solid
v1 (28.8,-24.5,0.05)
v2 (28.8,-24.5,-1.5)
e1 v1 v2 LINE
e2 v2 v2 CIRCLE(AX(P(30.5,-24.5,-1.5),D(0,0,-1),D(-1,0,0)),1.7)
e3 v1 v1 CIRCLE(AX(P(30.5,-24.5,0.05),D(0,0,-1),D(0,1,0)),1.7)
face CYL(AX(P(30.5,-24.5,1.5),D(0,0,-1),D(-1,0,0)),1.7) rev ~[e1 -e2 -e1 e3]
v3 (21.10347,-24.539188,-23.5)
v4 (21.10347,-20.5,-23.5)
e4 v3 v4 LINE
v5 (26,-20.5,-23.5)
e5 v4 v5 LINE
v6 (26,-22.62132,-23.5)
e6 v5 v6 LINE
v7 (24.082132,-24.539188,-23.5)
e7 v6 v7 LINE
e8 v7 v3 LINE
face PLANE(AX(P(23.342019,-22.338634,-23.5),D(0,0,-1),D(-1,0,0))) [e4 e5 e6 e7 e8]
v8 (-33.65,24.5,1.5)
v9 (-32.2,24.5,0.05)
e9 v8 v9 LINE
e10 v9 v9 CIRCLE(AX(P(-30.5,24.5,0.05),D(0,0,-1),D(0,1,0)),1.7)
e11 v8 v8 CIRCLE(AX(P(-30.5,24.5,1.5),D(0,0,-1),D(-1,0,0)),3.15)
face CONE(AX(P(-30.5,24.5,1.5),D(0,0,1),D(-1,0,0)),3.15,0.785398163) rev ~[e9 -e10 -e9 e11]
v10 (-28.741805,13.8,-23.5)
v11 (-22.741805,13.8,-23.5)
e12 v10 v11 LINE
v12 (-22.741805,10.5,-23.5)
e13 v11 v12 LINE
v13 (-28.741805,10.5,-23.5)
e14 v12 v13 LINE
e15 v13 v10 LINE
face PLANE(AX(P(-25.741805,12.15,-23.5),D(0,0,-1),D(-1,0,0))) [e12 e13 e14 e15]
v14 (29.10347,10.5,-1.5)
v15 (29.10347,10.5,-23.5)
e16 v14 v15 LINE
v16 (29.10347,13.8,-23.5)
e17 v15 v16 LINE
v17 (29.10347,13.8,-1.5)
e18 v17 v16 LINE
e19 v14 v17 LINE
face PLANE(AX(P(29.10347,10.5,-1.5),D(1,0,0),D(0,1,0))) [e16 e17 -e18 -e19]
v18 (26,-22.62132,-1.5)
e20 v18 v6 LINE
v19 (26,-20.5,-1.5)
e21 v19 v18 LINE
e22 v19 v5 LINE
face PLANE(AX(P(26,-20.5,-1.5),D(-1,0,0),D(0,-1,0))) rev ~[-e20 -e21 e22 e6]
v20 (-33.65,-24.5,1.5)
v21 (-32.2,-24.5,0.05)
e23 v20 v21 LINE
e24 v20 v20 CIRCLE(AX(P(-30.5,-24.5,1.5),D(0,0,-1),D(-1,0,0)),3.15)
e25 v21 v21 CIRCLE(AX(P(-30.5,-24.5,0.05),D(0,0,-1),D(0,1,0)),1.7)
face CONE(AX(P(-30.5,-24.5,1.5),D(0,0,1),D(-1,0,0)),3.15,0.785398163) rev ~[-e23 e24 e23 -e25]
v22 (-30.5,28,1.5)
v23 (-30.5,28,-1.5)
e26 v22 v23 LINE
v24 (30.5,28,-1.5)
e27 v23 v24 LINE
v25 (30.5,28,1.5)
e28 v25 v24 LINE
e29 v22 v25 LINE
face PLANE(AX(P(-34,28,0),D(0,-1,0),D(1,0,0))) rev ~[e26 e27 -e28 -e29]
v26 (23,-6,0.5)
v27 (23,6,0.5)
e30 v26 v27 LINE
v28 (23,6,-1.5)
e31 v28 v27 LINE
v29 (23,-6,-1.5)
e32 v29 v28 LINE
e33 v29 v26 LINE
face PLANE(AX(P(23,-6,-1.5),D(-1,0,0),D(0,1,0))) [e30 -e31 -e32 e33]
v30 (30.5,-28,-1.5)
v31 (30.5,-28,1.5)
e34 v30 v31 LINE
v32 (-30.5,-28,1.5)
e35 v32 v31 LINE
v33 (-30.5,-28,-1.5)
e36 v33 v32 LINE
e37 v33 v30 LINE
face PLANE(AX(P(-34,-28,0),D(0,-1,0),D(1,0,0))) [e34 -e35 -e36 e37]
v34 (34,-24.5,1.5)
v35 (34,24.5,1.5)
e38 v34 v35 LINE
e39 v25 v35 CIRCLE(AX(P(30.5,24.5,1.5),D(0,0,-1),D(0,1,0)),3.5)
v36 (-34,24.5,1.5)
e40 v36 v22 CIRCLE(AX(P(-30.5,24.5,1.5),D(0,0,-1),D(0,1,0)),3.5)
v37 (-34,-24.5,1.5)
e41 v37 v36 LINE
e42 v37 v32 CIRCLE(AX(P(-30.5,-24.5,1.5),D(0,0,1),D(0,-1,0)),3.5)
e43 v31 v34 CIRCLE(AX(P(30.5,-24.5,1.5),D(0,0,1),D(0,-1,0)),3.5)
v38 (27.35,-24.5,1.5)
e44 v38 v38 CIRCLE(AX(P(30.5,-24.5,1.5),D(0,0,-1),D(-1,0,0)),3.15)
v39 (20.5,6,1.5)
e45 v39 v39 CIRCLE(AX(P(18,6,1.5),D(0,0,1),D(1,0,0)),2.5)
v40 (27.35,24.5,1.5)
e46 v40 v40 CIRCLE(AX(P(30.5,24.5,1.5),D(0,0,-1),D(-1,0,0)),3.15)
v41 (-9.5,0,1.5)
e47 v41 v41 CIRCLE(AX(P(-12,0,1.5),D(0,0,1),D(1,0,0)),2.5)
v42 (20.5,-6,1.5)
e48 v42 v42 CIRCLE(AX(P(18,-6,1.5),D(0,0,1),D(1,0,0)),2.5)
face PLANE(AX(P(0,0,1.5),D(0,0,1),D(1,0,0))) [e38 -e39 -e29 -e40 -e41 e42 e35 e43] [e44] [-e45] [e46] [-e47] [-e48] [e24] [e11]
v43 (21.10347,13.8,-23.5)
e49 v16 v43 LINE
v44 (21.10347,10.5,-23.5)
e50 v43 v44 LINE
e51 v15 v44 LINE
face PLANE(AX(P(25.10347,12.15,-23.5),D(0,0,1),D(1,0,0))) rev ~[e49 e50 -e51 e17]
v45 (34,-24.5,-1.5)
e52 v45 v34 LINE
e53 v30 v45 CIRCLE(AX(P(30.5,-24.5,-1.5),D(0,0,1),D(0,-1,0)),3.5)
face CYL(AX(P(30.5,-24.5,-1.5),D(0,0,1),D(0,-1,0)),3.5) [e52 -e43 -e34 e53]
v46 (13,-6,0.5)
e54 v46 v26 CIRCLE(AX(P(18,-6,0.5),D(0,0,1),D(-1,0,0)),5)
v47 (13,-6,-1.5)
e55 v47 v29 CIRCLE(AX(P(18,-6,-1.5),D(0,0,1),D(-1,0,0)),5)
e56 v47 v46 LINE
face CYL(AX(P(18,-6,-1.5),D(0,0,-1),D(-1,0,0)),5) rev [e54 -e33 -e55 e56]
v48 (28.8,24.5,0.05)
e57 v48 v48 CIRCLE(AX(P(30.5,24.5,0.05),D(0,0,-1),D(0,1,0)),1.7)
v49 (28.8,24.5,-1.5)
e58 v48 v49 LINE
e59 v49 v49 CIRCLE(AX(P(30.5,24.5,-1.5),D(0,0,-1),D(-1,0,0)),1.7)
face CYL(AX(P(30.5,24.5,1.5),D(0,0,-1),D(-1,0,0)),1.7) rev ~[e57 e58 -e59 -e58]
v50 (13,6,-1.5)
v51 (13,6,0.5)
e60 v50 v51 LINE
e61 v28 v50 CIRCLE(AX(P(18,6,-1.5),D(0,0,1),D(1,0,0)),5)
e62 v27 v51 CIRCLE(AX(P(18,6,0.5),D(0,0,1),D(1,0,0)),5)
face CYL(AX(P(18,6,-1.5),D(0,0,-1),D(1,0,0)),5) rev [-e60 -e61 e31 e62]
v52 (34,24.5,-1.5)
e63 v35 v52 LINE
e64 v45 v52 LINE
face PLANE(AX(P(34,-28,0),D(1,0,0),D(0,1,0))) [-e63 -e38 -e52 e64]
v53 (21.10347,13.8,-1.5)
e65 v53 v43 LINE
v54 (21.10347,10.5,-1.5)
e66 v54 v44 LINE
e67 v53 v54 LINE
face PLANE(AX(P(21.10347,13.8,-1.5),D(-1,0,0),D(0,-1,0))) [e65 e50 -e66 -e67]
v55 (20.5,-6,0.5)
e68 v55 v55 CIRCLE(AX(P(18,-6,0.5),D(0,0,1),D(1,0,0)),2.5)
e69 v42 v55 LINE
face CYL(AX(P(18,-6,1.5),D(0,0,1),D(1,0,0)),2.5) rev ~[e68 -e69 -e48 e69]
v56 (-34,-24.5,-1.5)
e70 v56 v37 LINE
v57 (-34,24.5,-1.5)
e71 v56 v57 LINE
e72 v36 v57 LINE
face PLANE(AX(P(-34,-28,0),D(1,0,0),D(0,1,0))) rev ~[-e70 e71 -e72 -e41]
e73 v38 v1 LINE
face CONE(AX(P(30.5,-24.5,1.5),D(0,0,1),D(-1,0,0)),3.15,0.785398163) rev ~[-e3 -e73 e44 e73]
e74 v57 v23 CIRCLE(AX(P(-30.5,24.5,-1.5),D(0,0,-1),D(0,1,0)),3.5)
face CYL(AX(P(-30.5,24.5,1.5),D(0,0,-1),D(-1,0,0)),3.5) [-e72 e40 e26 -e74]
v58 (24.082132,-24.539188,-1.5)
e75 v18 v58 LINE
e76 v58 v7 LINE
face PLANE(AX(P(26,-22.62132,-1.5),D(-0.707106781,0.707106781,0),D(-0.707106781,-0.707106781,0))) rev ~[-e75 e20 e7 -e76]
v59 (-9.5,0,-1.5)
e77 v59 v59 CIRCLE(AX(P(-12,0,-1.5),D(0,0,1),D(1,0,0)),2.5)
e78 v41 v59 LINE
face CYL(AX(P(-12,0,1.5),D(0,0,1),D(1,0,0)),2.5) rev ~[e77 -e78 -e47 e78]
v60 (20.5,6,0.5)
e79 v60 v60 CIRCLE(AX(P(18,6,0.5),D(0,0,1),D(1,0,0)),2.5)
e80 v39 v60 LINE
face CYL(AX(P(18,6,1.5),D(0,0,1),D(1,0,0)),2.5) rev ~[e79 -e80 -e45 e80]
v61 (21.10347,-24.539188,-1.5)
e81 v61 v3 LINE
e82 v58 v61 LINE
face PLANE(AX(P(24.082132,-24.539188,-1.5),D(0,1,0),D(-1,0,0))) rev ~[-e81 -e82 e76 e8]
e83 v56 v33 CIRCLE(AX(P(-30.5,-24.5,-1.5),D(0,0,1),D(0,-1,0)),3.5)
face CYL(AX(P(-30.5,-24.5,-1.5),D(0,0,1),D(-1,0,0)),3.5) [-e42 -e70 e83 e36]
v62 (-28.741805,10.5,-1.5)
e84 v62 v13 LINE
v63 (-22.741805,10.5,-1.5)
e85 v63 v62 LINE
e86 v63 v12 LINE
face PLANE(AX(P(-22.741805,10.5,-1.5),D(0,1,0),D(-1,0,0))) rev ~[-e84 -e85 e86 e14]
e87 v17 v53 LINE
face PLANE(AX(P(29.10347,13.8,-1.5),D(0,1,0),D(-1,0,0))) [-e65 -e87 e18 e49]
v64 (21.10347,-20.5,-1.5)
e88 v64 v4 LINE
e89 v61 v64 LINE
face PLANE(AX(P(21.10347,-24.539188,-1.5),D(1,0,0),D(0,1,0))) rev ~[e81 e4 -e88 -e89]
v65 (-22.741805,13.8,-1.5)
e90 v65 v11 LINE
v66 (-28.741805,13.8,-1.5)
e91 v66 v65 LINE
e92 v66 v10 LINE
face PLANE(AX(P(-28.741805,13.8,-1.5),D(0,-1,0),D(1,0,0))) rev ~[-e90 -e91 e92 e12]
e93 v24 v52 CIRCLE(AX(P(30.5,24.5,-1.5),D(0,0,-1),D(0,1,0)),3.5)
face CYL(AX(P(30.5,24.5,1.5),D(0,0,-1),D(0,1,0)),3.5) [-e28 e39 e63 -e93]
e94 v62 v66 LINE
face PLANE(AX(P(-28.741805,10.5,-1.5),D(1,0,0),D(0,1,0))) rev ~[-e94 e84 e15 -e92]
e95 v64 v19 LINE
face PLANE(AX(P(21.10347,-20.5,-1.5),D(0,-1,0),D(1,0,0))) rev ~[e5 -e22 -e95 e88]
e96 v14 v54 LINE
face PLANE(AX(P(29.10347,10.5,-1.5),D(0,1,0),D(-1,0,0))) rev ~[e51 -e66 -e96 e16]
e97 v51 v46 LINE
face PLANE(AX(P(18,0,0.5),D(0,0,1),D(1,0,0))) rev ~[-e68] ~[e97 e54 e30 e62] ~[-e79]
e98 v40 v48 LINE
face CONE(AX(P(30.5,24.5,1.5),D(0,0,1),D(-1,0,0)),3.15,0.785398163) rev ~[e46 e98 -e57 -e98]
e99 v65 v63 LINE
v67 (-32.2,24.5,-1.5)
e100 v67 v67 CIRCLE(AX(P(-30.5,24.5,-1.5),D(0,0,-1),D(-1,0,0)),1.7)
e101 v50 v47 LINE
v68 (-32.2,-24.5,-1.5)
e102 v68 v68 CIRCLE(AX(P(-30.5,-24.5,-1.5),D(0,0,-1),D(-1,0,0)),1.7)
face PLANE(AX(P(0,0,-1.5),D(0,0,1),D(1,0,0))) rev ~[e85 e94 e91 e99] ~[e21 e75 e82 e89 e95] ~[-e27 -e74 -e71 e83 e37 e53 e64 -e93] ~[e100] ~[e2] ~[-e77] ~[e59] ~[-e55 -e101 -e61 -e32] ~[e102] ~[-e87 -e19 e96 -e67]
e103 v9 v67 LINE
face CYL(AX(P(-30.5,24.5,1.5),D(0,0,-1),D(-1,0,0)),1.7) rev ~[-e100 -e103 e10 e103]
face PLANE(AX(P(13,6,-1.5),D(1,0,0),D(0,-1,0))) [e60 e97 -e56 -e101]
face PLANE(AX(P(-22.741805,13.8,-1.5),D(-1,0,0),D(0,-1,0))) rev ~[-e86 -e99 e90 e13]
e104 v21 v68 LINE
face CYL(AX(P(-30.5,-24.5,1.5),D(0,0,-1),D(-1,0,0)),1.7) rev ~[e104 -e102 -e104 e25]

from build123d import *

# Parameters (mm, degrees)
ESQUISSE1_W                                    = 68
ESQUISSE1_H                                    = 56
BOSS_EXTRU_1_DEPTH                             = 1.5
ENL_V_MAT_EXTRU_1_REACH                        = 68.114
ESQUISSE2_R                                    = 2.5
CONG_1_R                                       = 3.5
FRAISAGE_POUR_VIS_T_TE_FRAIS_E_M31_D           = 3.4
FRAISAGE_POUR_VIS_T_TE_FRAIS_E_M31_DEPTH       = 21.67
FRAISAGE_POUR_VIS_T_TE_FRAIS_E_M31_CSINK_D     = 6.3
FRAISAGE_POUR_VIS_T_TE_FRAIS_E_M31_CSINK_ANGLE = 90
FRAISAGE_POUR_VIS_T_TE_FRAIS_E_M31_TIP         = 1.021463052
BOSS_EXTRU_2_DEPTH                             = 22
ENL_V_MAT_EXTRU_2_DEPTH                        = 2


with BuildPart() as part:
    # Esquisse1 → Boss.-Extru.1 (new, symmetric)
    with BuildSketch(Plane.XY):
        Rectangle(ESQUISSE1_W, ESQUISSE1_H)
    extrude(amount=BOSS_EXTRU_1_DEPTH, both=True)

    # Esquisse2 → Enlèv. mat.-Extru.1 (cut, up to next)
    with BuildSketch(Plane(origin=(-25.81698593, 0, 1.5), x_dir=(1, 0, 0), z_dir=(0, 0, 1)), mode=Mode.PRIVATE) as enl_v_mat_extru_1_sk1:
        with Locations((13.81698593, 0)):
            Circle(ESQUISSE2_R)
    enl_v_mat_extru_1_tool1 = extrude(enl_v_mat_extru_1_sk1.sketch, amount=-ENL_V_MAT_EXTRU_1_REACH, mode=Mode.PRIVATE) & part.part
    # Esquisse2 → Enlèv. mat.-Extru.1 (cut, up to next)
    with BuildSketch(Plane(origin=(-25.81698593, 0, 1.5), x_dir=(1, 0, 0), z_dir=(0, 0, 1)), mode=Mode.PRIVATE) as enl_v_mat_extru_1_sk2:
        with Locations((43.81698593, 6)):
            Circle(ESQUISSE2_R)
    enl_v_mat_extru_1_tool2 = extrude(enl_v_mat_extru_1_sk2.sketch, amount=-ENL_V_MAT_EXTRU_1_REACH, mode=Mode.PRIVATE) & part.part
    # Esquisse2 → Enlèv. mat.-Extru.1 (cut, up to next)
    with BuildSketch(Plane(origin=(-25.81698593, 0, 1.5), x_dir=(1, 0, 0), z_dir=(0, 0, 1)), mode=Mode.PRIVATE) as enl_v_mat_extru_1_sk3:
        with Locations((43.81698593, -6)):
            Circle(ESQUISSE2_R)
    enl_v_mat_extru_1_tool3 = extrude(enl_v_mat_extru_1_sk3.sketch, amount=-ENL_V_MAT_EXTRU_1_REACH, mode=Mode.PRIVATE) & part.part
    add(enl_v_mat_extru_1_tool1.solids().sort_by_distance((-12, 0, 1.5))[0], mode=Mode.SUBTRACT)
    add(enl_v_mat_extru_1_tool2.solids().sort_by_distance((18, 6, 1.5))[0], mode=Mode.SUBTRACT)
    add(enl_v_mat_extru_1_tool3.solids().sort_by_distance((18, -6, 1.5))[0], mode=Mode.SUBTRACT)

    # Congé1
    cong_1_edges = [part.edges().sort_by_distance(p)[0] for p in [
        (34, -28, 0),
        (-34, -28, 0),
        (-34, 28, 0),
        (34, 28, 0),
    ]]
    fillet(cong_1_edges, radius=CONG_1_R)

    # Fraisage pour vis à tête fraisée M31
    with Locations(Plane.XY.offset(1.5)):
        with Locations((-30.5, -24.5), (-30.5, 24.5), (30.5, 24.5), (30.5, -24.5)):
            CounterSinkHole(FRAISAGE_POUR_VIS_T_TE_FRAIS_E_M31_D / 2, FRAISAGE_POUR_VIS_T_TE_FRAIS_E_M31_CSINK_D / 2, depth=FRAISAGE_POUR_VIS_T_TE_FRAIS_E_M31_DEPTH, counter_sink_angle=FRAISAGE_POUR_VIS_T_TE_FRAIS_E_M31_CSINK_ANGLE)
            with Locations((0, 0, -(FRAISAGE_POUR_VIS_T_TE_FRAIS_E_M31_DEPTH + FRAISAGE_POUR_VIS_T_TE_FRAIS_E_M31_TIP / 2))):  # 118° drill point
                Cone(0, FRAISAGE_POUR_VIS_T_TE_FRAIS_E_M31_D / 2, FRAISAGE_POUR_VIS_T_TE_FRAIS_E_M31_TIP, mode=Mode.SUBTRACT)

    # Esquisse6 → Boss.-Extru.2 (add)
    with BuildSketch(Plane(origin=(0, 0, -1.5), x_dir=(-1, 0, 0), z_dir=(0, 0, -1))):
        Polygon((-21.103469563, -20.5), (-26, -20.5), (-26, -22.621320344), (-24.082132084, -24.539188259), (-21.103469563, -24.539188259), align=None)
        Polygon((22.741804985, 10.5), (27.5, 10.5), (28.741804985, 10.5), (28.741804985, 13.8), (22.741804985, 13.8), align=None)
        Polygon((-21.103469563, 10.5), (-26, 10.5), (-29.103469563, 10.5), (-29.103469563, 13.8), (-21.103469563, 13.8), align=None)
    extrude(amount=BOSS_EXTRU_2_DEPTH)

    # Esquisse7 → Enlèv. mat.-Extru.2 (cut)
    with BuildSketch(Plane(origin=(0, 0, -1.5), x_dir=(-1, 0, 0), z_dir=(0, 0, -1))):
        with BuildLine():
            Line((-23, -6), (-23, 6))
            ThreePointArc((-23, 6), (-18, 11), (-13, 6))
            Line((-13, 6), (-13, -6))
            ThreePointArc((-13, -6), (-18, -11), (-23, -6))
        make_face()
    extrude(amount=-ENL_V_MAT_EXTRU_2_DEPTH, mode=Mode.SUBTRACT)


solid = part.part
